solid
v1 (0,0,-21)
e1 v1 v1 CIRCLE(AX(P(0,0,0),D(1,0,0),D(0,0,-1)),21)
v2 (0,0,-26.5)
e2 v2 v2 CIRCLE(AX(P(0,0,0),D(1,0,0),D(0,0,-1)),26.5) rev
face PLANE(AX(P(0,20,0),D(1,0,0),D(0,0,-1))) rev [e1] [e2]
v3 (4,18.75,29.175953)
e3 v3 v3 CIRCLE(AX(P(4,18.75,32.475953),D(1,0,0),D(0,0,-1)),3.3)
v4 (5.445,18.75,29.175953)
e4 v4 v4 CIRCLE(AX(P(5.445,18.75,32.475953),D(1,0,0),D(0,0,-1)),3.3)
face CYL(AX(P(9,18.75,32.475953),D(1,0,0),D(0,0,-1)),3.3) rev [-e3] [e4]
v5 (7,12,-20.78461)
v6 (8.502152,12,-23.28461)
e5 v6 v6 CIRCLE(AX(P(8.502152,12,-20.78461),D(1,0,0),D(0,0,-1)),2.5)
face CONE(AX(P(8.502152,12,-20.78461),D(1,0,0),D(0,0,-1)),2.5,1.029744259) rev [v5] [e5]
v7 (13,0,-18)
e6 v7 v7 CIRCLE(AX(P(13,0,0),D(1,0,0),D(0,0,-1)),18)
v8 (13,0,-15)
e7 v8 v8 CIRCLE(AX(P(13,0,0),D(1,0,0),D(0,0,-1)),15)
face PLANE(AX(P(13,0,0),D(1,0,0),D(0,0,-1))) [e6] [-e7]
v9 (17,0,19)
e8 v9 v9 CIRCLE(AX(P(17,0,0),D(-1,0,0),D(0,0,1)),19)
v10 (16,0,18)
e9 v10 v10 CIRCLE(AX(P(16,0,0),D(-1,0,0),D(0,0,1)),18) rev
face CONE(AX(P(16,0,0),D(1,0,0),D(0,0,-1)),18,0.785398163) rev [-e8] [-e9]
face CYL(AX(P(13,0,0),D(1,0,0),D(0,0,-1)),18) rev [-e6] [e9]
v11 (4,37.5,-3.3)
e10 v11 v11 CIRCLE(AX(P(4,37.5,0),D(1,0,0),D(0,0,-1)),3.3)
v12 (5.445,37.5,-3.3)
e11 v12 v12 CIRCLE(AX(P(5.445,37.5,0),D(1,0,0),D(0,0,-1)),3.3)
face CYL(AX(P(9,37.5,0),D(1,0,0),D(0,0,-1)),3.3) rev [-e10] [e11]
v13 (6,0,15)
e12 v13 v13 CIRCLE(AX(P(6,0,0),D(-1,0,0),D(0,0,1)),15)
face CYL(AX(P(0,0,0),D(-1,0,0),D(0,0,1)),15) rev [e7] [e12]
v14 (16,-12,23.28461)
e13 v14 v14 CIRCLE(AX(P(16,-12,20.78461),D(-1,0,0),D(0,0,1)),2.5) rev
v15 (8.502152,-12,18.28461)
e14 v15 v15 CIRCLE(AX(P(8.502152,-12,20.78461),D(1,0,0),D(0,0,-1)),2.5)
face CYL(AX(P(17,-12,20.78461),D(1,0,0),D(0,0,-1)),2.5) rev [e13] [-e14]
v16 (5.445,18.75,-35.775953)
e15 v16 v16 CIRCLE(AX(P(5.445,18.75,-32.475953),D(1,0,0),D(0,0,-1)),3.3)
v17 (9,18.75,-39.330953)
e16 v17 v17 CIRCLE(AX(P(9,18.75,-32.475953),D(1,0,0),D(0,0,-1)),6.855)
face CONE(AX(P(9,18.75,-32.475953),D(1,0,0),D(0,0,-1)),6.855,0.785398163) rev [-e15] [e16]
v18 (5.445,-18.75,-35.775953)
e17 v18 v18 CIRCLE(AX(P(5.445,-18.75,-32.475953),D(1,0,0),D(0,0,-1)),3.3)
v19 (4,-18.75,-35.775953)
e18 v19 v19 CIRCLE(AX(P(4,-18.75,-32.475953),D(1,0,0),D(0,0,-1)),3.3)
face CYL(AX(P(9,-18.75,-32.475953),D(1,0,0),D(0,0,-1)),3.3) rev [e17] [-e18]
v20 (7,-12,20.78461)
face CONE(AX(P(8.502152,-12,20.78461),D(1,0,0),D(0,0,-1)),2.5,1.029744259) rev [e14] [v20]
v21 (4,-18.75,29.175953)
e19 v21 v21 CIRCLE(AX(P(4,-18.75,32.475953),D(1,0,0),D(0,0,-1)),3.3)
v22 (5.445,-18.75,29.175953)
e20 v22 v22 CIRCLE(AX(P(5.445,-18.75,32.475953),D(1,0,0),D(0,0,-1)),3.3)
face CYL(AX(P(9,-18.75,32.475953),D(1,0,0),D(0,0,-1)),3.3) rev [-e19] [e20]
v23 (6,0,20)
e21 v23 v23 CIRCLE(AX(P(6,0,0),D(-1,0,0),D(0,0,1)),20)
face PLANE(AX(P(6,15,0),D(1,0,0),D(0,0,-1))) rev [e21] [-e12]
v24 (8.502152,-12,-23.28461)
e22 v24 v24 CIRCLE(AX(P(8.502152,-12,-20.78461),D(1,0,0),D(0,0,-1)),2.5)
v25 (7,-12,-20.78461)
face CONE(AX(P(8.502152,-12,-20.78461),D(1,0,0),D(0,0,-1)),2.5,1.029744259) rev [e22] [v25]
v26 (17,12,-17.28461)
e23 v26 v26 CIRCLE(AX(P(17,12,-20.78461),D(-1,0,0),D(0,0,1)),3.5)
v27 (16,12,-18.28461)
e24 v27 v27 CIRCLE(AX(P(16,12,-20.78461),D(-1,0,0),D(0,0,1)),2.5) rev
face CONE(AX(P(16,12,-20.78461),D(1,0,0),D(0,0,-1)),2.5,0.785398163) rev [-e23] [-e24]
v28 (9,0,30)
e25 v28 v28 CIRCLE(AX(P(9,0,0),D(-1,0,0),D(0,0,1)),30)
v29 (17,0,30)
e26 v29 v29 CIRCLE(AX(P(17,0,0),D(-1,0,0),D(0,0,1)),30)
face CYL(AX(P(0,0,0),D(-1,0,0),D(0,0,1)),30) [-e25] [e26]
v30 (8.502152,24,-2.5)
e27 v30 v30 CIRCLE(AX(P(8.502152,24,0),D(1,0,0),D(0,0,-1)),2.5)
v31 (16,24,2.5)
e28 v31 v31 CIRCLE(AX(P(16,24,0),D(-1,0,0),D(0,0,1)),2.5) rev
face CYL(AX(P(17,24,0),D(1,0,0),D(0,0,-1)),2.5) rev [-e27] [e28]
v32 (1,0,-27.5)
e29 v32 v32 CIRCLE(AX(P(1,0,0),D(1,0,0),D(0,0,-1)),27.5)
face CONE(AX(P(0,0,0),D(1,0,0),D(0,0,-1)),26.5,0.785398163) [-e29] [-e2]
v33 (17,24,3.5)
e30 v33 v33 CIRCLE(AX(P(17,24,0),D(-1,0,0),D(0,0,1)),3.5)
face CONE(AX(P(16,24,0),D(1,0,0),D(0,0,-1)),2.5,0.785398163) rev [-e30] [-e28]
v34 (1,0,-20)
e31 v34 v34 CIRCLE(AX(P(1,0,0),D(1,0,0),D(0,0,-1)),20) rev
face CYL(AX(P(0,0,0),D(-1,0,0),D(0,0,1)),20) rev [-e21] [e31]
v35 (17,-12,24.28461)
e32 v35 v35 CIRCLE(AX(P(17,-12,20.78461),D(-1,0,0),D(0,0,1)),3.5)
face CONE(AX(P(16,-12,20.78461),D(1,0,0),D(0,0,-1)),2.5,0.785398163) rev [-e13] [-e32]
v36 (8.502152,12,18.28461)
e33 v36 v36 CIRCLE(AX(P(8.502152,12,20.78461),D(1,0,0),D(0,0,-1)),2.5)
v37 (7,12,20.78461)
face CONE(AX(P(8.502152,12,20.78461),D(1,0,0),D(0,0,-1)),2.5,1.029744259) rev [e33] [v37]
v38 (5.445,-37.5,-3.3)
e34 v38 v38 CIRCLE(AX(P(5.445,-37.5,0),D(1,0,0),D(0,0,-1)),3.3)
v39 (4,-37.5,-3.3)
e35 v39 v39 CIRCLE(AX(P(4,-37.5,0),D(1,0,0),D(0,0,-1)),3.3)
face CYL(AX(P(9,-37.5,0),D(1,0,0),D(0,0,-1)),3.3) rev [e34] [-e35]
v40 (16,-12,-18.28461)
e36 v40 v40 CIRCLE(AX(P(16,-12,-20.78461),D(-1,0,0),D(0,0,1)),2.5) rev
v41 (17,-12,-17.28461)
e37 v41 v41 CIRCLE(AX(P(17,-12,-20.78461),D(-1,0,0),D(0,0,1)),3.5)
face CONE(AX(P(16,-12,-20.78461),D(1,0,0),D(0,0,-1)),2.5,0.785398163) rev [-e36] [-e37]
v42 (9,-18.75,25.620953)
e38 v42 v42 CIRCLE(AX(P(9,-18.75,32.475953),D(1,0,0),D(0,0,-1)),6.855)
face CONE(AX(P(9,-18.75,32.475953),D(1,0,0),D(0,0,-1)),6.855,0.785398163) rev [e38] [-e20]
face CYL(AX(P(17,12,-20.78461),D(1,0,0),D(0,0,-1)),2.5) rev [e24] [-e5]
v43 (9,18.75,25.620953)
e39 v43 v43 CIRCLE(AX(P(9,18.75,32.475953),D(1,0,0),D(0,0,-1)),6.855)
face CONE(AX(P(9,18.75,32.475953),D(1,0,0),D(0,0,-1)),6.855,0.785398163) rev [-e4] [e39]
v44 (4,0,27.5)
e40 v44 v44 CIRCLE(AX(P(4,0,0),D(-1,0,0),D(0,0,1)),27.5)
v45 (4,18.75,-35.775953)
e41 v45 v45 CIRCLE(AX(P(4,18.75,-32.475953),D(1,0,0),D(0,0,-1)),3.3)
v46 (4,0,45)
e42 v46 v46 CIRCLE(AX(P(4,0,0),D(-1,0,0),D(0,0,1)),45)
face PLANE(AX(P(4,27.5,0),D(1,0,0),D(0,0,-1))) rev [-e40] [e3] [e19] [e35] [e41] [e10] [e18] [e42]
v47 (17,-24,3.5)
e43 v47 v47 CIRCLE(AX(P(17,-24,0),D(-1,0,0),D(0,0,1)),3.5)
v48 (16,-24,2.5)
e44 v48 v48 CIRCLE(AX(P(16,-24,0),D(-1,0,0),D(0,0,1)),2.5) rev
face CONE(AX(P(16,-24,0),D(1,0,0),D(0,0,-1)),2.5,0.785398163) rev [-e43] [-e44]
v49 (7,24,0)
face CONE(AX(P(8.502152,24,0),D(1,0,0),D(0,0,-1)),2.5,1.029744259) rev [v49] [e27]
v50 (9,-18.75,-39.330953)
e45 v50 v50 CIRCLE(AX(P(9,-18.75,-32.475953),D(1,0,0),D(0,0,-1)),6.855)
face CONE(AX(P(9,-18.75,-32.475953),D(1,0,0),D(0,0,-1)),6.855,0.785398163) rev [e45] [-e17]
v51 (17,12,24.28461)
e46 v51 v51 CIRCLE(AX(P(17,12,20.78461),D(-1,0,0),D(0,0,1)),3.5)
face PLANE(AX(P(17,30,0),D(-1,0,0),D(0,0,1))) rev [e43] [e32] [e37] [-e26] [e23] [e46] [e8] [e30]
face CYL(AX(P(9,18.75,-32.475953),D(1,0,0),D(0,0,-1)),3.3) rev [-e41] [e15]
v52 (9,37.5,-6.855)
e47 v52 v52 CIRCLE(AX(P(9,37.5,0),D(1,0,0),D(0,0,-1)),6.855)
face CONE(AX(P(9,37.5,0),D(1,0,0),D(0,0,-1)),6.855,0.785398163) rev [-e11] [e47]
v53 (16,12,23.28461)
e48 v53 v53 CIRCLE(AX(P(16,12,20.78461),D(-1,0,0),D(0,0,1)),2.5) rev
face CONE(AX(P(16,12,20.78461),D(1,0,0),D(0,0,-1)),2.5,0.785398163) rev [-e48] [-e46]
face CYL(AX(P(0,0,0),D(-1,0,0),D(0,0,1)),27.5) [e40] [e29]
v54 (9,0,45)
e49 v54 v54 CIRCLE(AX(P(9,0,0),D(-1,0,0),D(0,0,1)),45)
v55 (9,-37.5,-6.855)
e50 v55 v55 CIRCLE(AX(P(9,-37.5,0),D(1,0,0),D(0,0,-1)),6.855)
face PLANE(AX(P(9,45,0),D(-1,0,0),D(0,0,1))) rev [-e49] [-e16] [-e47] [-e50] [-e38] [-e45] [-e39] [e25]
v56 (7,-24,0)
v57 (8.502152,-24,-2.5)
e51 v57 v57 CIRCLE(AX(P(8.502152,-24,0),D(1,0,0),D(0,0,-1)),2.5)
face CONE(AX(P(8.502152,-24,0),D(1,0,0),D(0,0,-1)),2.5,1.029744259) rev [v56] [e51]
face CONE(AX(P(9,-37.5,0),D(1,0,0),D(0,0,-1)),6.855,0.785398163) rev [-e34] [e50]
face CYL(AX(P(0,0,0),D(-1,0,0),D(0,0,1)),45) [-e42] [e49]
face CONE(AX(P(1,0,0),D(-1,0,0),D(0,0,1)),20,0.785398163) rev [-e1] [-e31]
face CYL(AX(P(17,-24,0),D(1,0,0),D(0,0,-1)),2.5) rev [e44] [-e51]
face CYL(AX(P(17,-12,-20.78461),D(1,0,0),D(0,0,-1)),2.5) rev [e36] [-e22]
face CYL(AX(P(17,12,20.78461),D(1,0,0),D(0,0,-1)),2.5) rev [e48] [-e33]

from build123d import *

# Parameters (mm, degrees)
PATTERN_CIRCULAR_1_COUNT = 6
PATTERN_CIRCULAR_2_COUNT = 6
CUT_EXTRUDE_START        = -4
SKETCH_8_R               = 18
SKETCH_8_R_2             = 15
CUT_EXTRUDE_1_DEPTH      = 4
CHAMFER_1_SIZE           = 1
CHAMFER_2_SIZE           = 1


with BuildPart() as part:
    # Эскиз1 → Повернуть1 (revolve)
    with BuildSketch(Plane.XY, mode=Mode.PRIVATE) as revolve_1_sk:
        Polygon((0, 20), (0, 27.5), (4, 27.5), (4, 45), (9, 45), (9, 30), (17, 30), (17, 15), (6, 15), (6, 20), align=None)
    revolve(revolve_1_sk.sketch.rotate(Axis((0, 0, 0), (-1, 0, 0)), 270), axis=Axis((0, 0, 0), (-1, 0, 0)))

    # Эскиз3 → Hole Wizard M61 (revolve, cut)
    with BuildSketch(Plane(origin=(17, 24, 0), x_dir=(0, 0, -1), z_dir=(0, 1, 0))):
        Polygon((0, 0), (0, 10), (2.5, 8.497848452), (2.5, 0), align=None)
    hole_wizard_m61 = revolve(axis=Axis((23.35, 24, 0), (-1, 0, 0)), mode=Mode.SUBTRACT)

    # Круговой массив1: Hole Wizard M61 ×6 about axis
    pattern_circular_1_axis = Axis((0, 0, 0), (1, 0, 0))
    for i in range(1, PATTERN_CIRCULAR_1_COUNT):
        add(hole_wizard_m61.rotate(pattern_circular_1_axis, i * 360 / PATTERN_CIRCULAR_1_COUNT), mode=Mode.SUBTRACT)

    # Эскиз6 → Hole Wizard M61 2 (revolve, cut)
    with BuildSketch(Plane(origin=(9, 37.5, 0), x_dir=(0, 0, -1), z_dir=(0, 1, 0))):
        Polygon((0, 0), (0, 13), (3.3, 11.017159957), (3.3, 3.555), (6.855, 0), align=None)
    hole_wizard_m61_2 = revolve(axis=Axis((15.35, 37.5, 0), (-1, 0, 0)), mode=Mode.SUBTRACT)

    # Круговой массив2: Hole Wizard M61 2 ×6 about axis
    pattern_circular_2_axis = Axis((0, 0, 0), (1, 0, 0))
    for i in range(1, PATTERN_CIRCULAR_2_COUNT):
        add(hole_wizard_m61_2.rotate(pattern_circular_2_axis, i * 360 / PATTERN_CIRCULAR_2_COUNT), mode=Mode.SUBTRACT)

    # Эскиз8 → Вырез-Вытянуть1 (cut)
    with BuildSketch(Plane(origin=(17, 0, 0), x_dir=(0, 0, -1), z_dir=(1, 0, 0)).offset(CUT_EXTRUDE_START)):
        Circle(SKETCH_8_R)
        with Locations(Location((0, 0, 0), (0, 0, 180))):
            Circle(SKETCH_8_R_2, mode=Mode.SUBTRACT)
    extrude(amount=CUT_EXTRUDE_1_DEPTH, mode=Mode.SUBTRACT)

    # Фаска1
    chamfer_1_edges = [part.edges().sort_by_distance(p)[0] for p in [
        (17, 24, 2.5),
        (17, 14.165063509, -19.534609691),
        (17, -9.834936491, -22.034609691),
        (17, -24, -2.5),
        (17, -14.165063509, 19.534609691),
        (17, 9.834936491, 22.034609691),
    ]]
    chamfer(chamfer_1_edges, length=CHAMFER_1_SIZE)

    # Фаска2
    chamfer_2_edges = [part.edges().sort_by_distance(p)[0] for p in [
        (17, 0, 18),
        (0, 0, -27.5),
        (0, 0, -20),
    ]]
    chamfer(chamfer_2_edges, length=CHAMFER_2_SIZE)


solid = part.part
